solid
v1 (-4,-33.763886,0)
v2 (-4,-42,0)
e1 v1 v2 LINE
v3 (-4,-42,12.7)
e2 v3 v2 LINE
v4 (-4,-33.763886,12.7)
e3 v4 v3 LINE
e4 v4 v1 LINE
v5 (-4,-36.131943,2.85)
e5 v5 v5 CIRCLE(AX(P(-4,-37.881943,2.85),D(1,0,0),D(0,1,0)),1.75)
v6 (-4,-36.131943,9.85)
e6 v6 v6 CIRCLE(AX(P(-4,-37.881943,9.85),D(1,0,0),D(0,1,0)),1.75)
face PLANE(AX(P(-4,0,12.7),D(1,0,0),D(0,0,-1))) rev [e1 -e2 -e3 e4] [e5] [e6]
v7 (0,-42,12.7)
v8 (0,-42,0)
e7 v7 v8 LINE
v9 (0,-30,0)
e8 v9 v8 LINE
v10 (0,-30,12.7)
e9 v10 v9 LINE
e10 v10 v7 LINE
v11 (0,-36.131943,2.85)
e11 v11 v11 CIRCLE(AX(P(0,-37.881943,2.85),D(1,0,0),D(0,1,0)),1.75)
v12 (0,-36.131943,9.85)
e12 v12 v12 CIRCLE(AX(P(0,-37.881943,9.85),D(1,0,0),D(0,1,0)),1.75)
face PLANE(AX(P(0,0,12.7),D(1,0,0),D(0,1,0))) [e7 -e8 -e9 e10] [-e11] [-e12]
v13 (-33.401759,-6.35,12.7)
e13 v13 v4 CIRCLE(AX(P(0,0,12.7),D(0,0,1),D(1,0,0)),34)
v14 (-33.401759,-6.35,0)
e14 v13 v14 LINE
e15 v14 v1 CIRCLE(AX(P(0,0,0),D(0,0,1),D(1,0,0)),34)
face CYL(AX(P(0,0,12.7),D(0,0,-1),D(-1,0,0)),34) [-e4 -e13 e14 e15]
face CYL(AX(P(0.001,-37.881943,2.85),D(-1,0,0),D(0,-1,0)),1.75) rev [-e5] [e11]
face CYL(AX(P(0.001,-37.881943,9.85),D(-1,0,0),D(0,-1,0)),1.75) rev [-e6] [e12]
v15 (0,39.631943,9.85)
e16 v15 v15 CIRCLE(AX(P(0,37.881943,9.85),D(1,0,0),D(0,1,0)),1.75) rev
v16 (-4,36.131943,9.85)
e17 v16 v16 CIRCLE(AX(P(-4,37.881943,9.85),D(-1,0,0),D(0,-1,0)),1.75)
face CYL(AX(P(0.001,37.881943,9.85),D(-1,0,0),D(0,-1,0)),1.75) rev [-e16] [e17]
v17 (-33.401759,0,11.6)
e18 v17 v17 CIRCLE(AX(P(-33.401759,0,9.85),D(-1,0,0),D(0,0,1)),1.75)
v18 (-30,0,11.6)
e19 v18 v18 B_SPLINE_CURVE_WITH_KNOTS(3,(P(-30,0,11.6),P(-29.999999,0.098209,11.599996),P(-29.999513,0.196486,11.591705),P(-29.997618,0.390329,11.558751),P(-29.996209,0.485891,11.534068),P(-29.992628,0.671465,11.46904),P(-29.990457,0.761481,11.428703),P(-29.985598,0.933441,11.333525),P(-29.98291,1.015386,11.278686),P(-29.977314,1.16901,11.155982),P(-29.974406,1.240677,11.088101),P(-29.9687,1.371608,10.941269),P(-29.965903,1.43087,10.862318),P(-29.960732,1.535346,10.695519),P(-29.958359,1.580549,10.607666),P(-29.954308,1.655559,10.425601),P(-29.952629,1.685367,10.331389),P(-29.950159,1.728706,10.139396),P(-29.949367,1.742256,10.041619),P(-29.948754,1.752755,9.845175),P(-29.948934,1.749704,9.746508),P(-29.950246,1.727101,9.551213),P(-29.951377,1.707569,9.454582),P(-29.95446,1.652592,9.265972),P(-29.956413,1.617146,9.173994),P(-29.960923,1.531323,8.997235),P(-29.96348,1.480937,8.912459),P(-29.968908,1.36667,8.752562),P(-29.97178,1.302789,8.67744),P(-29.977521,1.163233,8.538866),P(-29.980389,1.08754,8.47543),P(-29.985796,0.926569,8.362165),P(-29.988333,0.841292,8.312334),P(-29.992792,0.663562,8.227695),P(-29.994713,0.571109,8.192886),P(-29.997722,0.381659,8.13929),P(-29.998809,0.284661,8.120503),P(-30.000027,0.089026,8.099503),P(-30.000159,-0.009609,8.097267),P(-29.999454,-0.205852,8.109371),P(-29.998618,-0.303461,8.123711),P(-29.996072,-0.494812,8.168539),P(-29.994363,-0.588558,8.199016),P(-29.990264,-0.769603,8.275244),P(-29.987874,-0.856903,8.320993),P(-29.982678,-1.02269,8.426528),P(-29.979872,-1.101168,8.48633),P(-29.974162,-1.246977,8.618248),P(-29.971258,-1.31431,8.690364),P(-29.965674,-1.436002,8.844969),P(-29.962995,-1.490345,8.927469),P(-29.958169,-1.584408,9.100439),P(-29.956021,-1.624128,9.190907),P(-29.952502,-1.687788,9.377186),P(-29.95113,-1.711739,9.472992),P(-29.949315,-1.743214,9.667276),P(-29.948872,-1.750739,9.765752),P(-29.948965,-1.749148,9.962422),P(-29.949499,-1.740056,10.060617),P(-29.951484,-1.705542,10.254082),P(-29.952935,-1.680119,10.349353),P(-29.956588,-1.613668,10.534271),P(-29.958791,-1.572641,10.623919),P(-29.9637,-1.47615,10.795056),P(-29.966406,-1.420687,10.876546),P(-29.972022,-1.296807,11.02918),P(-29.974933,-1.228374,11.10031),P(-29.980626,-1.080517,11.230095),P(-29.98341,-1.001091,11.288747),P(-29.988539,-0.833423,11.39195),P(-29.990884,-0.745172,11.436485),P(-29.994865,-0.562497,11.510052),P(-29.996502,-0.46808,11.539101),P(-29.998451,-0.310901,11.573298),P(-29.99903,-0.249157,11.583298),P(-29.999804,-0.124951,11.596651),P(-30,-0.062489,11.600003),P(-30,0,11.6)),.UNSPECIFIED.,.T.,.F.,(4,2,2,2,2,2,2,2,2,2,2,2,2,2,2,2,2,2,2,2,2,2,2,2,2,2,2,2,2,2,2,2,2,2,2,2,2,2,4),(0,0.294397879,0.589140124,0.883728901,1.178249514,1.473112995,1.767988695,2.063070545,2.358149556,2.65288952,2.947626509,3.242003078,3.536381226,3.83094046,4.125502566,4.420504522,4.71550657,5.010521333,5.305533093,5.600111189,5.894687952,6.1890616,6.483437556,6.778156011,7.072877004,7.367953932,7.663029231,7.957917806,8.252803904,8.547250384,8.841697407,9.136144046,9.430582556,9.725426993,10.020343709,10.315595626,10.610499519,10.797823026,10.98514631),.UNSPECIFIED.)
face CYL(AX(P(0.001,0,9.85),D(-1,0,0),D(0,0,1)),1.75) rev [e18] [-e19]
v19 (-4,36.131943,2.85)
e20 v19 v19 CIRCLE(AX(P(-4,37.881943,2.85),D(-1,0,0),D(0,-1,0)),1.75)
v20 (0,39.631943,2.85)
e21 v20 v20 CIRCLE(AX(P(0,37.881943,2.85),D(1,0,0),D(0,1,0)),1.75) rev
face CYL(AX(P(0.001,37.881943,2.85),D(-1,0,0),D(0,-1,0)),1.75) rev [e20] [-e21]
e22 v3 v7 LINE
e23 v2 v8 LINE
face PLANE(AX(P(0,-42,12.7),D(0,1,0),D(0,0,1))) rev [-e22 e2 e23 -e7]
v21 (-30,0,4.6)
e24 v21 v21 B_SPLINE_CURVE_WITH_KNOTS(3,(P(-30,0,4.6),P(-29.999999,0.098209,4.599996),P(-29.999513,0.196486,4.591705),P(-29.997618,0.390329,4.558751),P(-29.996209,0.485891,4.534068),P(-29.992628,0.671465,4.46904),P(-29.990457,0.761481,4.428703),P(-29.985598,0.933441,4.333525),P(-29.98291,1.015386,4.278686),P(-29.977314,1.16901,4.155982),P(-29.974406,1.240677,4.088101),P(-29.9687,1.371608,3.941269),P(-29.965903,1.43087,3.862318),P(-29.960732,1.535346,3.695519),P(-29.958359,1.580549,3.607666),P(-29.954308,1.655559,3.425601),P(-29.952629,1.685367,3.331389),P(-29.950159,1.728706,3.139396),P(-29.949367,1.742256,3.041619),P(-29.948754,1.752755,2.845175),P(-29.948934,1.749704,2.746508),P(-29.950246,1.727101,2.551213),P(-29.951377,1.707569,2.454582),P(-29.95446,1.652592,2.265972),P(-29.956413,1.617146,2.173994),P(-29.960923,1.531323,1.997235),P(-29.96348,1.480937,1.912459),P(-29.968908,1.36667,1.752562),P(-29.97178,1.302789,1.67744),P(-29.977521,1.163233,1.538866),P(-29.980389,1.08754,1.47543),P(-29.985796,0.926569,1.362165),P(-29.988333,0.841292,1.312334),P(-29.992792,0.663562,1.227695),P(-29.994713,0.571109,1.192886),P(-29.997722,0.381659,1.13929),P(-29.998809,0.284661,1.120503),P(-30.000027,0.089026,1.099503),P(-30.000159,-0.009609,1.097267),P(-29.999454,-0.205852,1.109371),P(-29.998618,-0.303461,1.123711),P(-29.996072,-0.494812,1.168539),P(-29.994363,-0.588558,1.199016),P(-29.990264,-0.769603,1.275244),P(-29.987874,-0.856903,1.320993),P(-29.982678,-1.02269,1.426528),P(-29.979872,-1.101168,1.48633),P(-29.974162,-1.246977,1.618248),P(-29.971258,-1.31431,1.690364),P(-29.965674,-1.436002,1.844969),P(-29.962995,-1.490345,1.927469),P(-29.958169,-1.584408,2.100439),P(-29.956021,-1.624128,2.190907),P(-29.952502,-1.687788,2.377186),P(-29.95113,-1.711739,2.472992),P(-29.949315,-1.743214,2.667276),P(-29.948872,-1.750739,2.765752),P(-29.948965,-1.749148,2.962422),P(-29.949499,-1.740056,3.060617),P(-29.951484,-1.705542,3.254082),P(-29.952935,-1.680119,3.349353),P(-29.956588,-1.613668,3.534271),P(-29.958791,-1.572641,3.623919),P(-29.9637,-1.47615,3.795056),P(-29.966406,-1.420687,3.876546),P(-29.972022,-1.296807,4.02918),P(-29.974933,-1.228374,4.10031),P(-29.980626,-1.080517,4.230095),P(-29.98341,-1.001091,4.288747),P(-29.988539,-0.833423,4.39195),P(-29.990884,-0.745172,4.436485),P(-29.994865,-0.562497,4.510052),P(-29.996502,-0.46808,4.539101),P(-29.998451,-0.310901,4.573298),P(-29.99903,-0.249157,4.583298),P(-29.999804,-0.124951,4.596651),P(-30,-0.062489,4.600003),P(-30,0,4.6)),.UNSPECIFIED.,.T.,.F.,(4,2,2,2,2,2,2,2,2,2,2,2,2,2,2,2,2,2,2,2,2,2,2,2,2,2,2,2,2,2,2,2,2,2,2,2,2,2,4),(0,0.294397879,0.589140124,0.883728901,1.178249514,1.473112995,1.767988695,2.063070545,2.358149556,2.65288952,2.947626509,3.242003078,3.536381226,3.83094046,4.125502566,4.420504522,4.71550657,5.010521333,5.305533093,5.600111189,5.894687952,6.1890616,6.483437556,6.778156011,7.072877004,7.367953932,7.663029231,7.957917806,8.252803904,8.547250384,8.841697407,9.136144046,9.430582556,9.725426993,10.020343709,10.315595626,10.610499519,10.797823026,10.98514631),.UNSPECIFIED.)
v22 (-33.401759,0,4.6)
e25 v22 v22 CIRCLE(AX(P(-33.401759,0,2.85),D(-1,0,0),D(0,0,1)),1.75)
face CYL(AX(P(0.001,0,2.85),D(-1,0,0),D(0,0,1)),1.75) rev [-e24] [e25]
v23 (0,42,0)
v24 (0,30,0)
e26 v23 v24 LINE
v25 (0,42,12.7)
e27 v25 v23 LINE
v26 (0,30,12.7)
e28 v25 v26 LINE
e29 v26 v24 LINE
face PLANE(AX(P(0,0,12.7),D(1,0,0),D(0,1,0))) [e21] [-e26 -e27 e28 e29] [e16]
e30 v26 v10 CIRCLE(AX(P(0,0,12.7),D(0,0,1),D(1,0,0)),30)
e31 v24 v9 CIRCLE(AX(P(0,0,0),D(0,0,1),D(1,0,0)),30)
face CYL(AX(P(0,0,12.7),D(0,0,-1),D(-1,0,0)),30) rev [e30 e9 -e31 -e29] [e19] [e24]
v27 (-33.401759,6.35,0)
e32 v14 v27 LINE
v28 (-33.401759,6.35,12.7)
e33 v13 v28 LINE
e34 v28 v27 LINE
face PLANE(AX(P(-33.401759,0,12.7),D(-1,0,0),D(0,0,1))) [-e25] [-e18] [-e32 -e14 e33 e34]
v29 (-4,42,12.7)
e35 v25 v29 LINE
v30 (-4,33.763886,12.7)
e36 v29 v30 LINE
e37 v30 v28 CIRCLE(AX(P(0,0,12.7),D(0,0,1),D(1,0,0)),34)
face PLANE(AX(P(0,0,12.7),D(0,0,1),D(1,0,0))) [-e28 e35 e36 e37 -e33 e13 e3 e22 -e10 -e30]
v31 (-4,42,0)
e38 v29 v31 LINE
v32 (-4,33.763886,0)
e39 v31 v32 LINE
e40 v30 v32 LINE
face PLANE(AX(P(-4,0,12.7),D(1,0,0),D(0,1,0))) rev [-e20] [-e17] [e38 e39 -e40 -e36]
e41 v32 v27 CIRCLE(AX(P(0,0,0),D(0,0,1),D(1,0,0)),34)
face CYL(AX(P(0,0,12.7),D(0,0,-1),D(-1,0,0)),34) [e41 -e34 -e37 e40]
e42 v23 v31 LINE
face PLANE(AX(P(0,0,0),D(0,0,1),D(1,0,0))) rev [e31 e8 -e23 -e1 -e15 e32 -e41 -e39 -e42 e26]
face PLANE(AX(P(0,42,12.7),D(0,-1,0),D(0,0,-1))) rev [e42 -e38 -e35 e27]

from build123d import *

# Parameters (mm, degrees)
SALIENTE_EXTRUIR1_DEPTH = 12.7
CROQUIS2_R              = 1.75
CORTAR_EXTRUIR1_DEPTH   = 4
CORTAR_EXTRUIR2_REACH   = 35.402
CROQUIS3_R              = 1.75


with BuildPart() as part:
    # Croquis1 → Saliente-Extruir1 (new body)
    with BuildSketch(Plane.XY):
        with BuildLine():
            Line((0, 30), (0, 42))
            Line((0, 42), (-4, 42))
            Line((-4, 42), (-4, 33.763886032))
            ThreePointArc((-4, 33.763886032), (-23.186271363, 24.867585735), (-33.401758936, 6.35))
            Line((-33.401758936, 6.35), (-33.401758936, -6.35))
            ThreePointArc((-33.401758936, -6.35), (-23.186271363, -24.867585735), (-4, -33.763886032))
            Line((-4, -33.763886032), (-4, -42))
            Line((-4, -42), (0, -42))
            Line((0, -42), (0, -30))
            ThreePointArc((0, -30), (-30, 0), (0, 30))
        make_face()
    extrude(amount=SALIENTE_EXTRUIR1_DEPTH)

    # Croquis2 → Cortar-Extruir1 (cut)
    with BuildSketch(Plane.ZY.offset(4)):
        with Locations((2.85, 37.881943016)):
            Circle(CROQUIS2_R)
        with Locations((9.85, 37.881943016)):
            Circle(CROQUIS2_R)
    cortar_extruir1 = extrude(amount=-CORTAR_EXTRUIR1_DEPTH, mode=Mode.SUBTRACT)

    # Simetría1: Cortar-Extruir1 across plane
    add(cortar_extruir1.mirror(Plane.ZX), mode=Mode.SUBTRACT)

    # Croquis3 → Cortar-Extruir2 (cut, up to next)
    with BuildSketch(Plane.ZY.offset(33.401758936), mode=Mode.PRIVATE) as cortar_extruir2_sk1:
        with Locations((2.85, 0)):
            Circle(CROQUIS3_R)
    cortar_extruir2_tool1 = extrude(cortar_extruir2_sk1.sketch, amount=-CORTAR_EXTRUIR2_REACH, mode=Mode.PRIVATE) & part.part
    add(cortar_extruir2_tool1.solids().sort_by_distance((-33.401759, 0, 2.85))[0], mode=Mode.SUBTRACT)
    # Croquis3 → Cortar-Extruir2 (cut, up to next)
    with BuildSketch(Plane.ZY.offset(33.401758936), mode=Mode.PRIVATE) as cortar_extruir2_sk2:
        with Locations((9.85, 0)):
            Circle(CROQUIS3_R)
    cortar_extruir2_tool2 = extrude(cortar_extruir2_sk2.sketch, amount=-CORTAR_EXTRUIR2_REACH, mode=Mode.PRIVATE) & part.part
    add(cortar_extruir2_tool2.solids().sort_by_distance((-33.401759, 0, 9.85))[0], mode=Mode.SUBTRACT)


solid = part.part
